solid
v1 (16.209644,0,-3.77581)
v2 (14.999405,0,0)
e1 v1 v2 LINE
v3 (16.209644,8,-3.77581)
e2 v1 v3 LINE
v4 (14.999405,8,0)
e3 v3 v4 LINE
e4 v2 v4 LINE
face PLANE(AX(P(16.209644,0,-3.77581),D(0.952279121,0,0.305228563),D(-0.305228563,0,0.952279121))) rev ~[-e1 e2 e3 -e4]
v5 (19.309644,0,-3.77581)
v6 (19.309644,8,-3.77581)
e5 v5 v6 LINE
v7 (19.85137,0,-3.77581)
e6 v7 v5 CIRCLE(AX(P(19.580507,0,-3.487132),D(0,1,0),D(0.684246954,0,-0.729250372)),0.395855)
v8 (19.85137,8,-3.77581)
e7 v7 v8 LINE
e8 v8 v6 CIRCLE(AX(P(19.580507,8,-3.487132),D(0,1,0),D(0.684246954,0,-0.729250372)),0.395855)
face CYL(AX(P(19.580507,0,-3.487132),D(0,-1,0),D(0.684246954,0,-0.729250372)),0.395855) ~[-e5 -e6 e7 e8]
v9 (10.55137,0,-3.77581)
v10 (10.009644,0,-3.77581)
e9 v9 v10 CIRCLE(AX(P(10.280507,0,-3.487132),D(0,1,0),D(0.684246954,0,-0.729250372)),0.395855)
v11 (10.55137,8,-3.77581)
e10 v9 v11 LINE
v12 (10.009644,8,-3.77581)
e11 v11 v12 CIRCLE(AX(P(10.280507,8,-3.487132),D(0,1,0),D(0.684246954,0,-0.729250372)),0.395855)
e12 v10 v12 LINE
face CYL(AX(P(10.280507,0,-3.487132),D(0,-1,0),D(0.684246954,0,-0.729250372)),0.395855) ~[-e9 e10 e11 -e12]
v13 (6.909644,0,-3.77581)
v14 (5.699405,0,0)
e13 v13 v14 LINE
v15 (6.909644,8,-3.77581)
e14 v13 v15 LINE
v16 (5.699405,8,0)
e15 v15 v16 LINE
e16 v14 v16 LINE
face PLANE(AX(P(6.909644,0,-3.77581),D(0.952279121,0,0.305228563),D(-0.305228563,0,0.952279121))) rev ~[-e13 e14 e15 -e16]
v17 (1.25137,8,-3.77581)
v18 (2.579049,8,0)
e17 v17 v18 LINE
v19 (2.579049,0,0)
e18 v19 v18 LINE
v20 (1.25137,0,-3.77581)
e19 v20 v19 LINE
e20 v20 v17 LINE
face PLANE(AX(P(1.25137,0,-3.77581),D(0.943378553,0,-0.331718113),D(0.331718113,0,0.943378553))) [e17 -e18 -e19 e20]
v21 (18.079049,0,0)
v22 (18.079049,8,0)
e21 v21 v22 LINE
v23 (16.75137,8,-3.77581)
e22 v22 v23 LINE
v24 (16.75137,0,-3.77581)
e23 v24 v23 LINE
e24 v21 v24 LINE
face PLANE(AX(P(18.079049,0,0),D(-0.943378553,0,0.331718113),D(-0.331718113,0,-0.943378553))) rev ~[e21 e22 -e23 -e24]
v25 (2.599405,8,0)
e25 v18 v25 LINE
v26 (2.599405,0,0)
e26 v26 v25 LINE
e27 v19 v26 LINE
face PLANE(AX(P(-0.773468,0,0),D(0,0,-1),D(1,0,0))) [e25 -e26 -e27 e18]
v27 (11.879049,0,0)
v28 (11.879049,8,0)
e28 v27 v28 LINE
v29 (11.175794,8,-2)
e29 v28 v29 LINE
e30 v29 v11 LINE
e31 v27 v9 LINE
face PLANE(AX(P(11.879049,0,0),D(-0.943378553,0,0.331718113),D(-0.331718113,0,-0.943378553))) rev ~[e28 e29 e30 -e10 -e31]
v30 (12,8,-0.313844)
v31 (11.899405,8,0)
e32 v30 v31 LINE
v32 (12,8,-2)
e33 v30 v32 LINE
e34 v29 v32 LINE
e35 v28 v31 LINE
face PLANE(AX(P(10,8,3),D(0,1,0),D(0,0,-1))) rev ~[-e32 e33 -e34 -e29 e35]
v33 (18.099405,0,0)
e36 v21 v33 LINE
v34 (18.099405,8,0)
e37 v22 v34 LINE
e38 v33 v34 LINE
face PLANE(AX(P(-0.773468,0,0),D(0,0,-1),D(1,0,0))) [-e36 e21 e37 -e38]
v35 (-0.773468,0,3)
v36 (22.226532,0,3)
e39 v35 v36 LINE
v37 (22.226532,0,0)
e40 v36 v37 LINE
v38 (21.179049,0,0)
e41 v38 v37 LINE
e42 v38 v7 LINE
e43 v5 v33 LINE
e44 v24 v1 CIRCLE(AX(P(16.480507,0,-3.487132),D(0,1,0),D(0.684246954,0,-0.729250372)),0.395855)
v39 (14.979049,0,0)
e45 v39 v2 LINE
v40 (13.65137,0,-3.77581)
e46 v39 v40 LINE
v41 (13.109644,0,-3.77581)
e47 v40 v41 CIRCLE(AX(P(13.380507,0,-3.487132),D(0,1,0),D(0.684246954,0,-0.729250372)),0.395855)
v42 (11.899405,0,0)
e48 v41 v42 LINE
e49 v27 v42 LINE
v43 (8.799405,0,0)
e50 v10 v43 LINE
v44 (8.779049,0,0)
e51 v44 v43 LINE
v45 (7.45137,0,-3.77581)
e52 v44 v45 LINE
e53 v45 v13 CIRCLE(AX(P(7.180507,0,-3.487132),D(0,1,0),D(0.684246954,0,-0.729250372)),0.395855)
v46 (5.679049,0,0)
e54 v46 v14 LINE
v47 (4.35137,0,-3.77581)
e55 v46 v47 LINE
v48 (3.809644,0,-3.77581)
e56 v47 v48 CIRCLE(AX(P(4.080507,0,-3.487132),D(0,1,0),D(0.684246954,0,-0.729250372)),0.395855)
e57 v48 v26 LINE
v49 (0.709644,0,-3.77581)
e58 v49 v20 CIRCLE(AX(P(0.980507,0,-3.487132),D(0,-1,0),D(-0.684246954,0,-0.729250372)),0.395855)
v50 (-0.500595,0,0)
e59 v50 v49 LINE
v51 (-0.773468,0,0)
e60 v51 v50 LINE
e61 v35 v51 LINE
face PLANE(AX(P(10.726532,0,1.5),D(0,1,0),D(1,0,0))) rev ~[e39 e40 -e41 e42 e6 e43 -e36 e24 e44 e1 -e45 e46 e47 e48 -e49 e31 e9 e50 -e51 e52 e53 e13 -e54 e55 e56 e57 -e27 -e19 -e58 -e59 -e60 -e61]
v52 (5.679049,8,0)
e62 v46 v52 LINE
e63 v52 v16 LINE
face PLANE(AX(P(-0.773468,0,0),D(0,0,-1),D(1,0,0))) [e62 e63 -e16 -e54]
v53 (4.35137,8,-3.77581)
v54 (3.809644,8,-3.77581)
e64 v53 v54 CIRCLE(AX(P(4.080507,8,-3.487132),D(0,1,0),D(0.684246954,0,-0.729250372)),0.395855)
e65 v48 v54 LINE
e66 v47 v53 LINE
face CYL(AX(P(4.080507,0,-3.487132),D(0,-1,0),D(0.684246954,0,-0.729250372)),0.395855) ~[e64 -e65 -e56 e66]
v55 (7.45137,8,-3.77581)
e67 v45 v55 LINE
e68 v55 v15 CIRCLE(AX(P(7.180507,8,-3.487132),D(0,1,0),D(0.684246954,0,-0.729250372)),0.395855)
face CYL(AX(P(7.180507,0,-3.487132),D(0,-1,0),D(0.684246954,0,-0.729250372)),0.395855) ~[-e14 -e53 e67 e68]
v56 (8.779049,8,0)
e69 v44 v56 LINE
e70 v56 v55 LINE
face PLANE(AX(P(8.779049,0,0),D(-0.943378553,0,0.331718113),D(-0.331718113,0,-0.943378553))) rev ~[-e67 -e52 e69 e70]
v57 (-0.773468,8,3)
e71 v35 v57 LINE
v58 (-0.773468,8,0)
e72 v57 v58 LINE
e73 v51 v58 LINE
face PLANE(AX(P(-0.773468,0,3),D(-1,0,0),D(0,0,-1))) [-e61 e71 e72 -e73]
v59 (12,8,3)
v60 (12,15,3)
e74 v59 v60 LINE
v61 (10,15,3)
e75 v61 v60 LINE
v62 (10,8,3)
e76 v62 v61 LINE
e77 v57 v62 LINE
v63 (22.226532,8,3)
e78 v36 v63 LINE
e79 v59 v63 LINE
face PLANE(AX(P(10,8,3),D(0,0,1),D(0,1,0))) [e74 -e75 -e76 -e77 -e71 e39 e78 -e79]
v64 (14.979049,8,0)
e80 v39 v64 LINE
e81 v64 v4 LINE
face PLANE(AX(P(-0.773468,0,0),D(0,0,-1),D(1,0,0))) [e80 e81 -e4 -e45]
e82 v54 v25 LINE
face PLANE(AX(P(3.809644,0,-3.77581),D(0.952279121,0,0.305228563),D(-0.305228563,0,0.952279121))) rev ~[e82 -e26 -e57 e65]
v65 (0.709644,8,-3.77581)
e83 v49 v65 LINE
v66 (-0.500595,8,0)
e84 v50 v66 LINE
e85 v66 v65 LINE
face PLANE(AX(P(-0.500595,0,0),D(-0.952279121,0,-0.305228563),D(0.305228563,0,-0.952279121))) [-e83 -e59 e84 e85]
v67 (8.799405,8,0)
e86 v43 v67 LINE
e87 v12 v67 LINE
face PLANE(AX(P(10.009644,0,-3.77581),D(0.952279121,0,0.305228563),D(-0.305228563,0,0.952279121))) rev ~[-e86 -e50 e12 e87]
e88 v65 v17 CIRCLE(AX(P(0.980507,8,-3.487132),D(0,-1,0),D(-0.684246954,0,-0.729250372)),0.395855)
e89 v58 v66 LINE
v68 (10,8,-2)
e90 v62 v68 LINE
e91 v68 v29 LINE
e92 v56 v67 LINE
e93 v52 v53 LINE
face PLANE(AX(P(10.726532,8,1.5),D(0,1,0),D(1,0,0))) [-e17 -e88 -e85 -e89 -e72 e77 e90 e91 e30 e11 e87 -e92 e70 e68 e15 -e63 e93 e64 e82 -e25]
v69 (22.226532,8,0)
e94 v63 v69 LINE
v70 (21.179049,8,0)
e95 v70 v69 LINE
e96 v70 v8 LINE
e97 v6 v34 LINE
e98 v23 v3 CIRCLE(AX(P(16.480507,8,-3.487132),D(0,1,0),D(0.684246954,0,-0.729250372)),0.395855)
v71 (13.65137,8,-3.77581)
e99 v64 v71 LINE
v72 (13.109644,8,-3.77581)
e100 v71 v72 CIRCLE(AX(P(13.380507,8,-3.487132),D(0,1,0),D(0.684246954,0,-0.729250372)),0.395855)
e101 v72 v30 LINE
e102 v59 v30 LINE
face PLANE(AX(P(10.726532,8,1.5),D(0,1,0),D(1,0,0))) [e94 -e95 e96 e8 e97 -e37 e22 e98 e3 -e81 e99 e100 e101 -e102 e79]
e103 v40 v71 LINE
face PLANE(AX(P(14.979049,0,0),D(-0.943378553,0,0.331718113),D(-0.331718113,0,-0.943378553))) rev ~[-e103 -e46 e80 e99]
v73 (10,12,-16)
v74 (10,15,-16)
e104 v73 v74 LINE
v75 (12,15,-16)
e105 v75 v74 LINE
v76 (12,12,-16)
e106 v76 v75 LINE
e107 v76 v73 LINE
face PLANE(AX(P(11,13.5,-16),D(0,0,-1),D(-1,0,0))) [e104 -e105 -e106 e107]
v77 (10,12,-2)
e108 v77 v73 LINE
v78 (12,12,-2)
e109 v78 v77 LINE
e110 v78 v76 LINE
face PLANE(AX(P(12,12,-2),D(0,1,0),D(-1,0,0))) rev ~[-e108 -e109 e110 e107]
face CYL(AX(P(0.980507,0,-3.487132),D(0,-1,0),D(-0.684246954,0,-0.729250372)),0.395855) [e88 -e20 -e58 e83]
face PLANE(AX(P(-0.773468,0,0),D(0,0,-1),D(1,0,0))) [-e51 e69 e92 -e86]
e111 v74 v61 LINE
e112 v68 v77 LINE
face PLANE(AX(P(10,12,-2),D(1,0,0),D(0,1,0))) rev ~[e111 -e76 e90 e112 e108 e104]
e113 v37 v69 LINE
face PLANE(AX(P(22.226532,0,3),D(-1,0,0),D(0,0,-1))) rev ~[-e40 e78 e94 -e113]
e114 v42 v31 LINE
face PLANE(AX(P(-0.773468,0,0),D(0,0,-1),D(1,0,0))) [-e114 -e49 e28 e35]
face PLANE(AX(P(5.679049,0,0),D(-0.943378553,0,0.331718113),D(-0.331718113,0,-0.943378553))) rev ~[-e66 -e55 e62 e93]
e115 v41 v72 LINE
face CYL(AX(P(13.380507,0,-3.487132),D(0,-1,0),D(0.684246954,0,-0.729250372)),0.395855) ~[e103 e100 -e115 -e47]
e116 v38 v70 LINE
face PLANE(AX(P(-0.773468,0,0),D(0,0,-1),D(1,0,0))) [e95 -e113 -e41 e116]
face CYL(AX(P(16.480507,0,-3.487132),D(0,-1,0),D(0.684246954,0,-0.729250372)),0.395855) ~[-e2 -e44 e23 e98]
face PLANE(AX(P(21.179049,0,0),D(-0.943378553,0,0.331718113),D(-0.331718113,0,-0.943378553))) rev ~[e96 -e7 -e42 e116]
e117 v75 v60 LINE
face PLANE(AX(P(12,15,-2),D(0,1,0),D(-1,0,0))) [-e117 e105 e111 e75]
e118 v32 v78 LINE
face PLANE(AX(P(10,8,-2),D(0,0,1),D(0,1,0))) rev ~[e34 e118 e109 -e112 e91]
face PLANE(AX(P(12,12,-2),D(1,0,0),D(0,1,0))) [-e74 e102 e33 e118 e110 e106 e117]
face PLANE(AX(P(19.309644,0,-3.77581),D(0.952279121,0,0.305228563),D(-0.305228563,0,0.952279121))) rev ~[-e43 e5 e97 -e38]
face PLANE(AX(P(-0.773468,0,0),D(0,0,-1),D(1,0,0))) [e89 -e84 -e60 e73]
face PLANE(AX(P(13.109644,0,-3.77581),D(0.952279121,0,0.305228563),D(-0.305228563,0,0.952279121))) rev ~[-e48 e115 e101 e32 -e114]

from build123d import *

# Parameters (mm, degrees)
BOSS_EXTRUDE1_DEPTH   = 8
BOSS_EXTRUDE1_2_DEPTH = 8
BOSS_EXTRUDE1_3_DEPTH = 8
BOSS_EXTRUDE1_4_DEPTH = 8
BOSS_EXTRUDE1_5_DEPTH = 8
BOSS_EXTRUDE1_6_DEPTH = 8
BOSS_EXTRUDE1_7_DEPTH = 8
BASE_W                = 23
BASE_H                = 3
BOSS_EXTRUDE2_DEPTH   = 8
SKETCH1_W             = 5
SKETCH1_H             = 7
BOSS_EXTRUDE3_DEPTH   = 2
SKETCH2_W             = 2
SKETCH2_H             = 3
BOSS_EXTRUDE4_DEPTH   = 14


with BuildPart() as part:
    # Gears-1 → Boss-Extrude1 (new body)
    with BuildSketch(Plane(origin=(0, 0, 0), x_dir=(1, 0, 0), z_dir=(0, 1, 0))):
        with BuildLine():
            Line((-0.500594601, 0), (0.709644096, 3.775809937))
            ThreePointArc((0.709644096, 3.775809937), (0.980506814, 3.882987586), (1.251369531, 3.775809937))
            Line((1.251369531, 3.775809937), (2.579049224, 0))
            Line((2.579049224, 0), (-0.500594601, 0))
        make_face()
    extrude(amount=BOSS_EXTRUDE1_DEPTH)



with BuildPart() as body_2:
    # Gears-1 → Boss-Extrude1 2 (new body)
    with BuildSketch(Plane(origin=(0, 0, 0), x_dir=(1, 0, 0), z_dir=(0, 1, 0))):
        with BuildLine():
            Line((2.599405399, 0), (5.679049224, 0))
            Line((5.679049224, 0), (4.351369531, 3.775809937))
            ThreePointArc((4.351369531, 3.775809937), (4.080506814, 3.882987586), (3.809644096, 3.775809937))
            Line((3.809644096, 3.775809937), (2.599405399, 0))
        make_face()
    extrude(amount=BOSS_EXTRUDE1_2_DEPTH)


with BuildPart() as body_3:
    # Gears-1 → Boss-Extrude1 3 (new body)
    with BuildSketch(Plane(origin=(0, 0, 0), x_dir=(1, 0, 0), z_dir=(0, 1, 0))):
        with BuildLine():
            Line((5.699405399, 0), (8.779049224, 0))
            Line((8.779049224, 0), (7.451369531, 3.775809937))
            ThreePointArc((7.451369531, 3.775809937), (7.180506814, 3.882987586), (6.909644096, 3.775809937))
            Line((6.909644096, 3.775809937), (5.699405399, 0))
        make_face()
    extrude(amount=BOSS_EXTRUDE1_3_DEPTH)


with BuildPart() as body_4:
    # Gears-1 → Boss-Extrude1 4 (new body)
    with BuildSketch(Plane(origin=(0, 0, 0), x_dir=(1, 0, 0), z_dir=(0, 1, 0))):
        with BuildLine():
            Line((8.799405399, 0), (11.879049224, 0))
            Line((11.879049224, 0), (10.551369531, 3.775809937))
            ThreePointArc((10.551369531, 3.775809937), (10.280506814, 3.882987586), (10.009644096, 3.775809937))
            Line((10.009644096, 3.775809937), (8.799405399, 0))
        make_face()
    extrude(amount=BOSS_EXTRUDE1_4_DEPTH)


with BuildPart() as body_5:
    # Gears-1 → Boss-Extrude1 5 (new body)
    with BuildSketch(Plane(origin=(0, 0, 0), x_dir=(1, 0, 0), z_dir=(0, 1, 0))):
        with BuildLine():
            Line((11.899405399, 0), (14.979049224, 0))
            Line((14.979049224, 0), (13.651369531, 3.775809937))
            ThreePointArc((13.651369531, 3.775809937), (13.380506814, 3.882987586), (13.109644096, 3.775809937))
            Line((13.109644096, 3.775809937), (11.899405399, 0))
        make_face()
    extrude(amount=BOSS_EXTRUDE1_5_DEPTH)


with BuildPart() as body_6:
    # Gears-1 → Boss-Extrude1 6 (new body)
    with BuildSketch(Plane(origin=(0, 0, 0), x_dir=(1, 0, 0), z_dir=(0, 1, 0))):
        with BuildLine():
            Line((14.999405399, 0), (18.079049224, 0))
            Line((18.079049224, 0), (16.751369531, 3.775809937))
            ThreePointArc((16.751369531, 3.775809937), (16.480506814, 3.882987586), (16.209644096, 3.775809937))
            Line((16.209644096, 3.775809937), (14.999405399, 0))
        make_face()
    extrude(amount=BOSS_EXTRUDE1_6_DEPTH)


with BuildPart() as body_7:
    # Gears-1 → Boss-Extrude1 7 (new body)
    with BuildSketch(Plane(origin=(0, 0, 0), x_dir=(1, 0, 0), z_dir=(0, 1, 0))):
        with BuildLine():
            Line((18.099405399, 0), (21.179049224, 0))
            Line((21.179049224, 0), (19.851369531, 3.775809937))
            ThreePointArc((19.851369531, 3.775809937), (19.580506814, 3.882987586), (19.309644096, 3.775809937))
            Line((19.309644096, 3.775809937), (18.099405399, 0))
        make_face()
    extrude(amount=BOSS_EXTRUDE1_7_DEPTH)


with BuildPart() as part_1:
    add(part.part)

    add(body_2.part)  # Boss-Extrude2 merges body 2

    add(body_3.part)  # Boss-Extrude2 merges body 3

    add(body_4.part)  # Boss-Extrude2 merges body 4

    add(body_5.part)  # Boss-Extrude2 merges body 5

    add(body_6.part)  # Boss-Extrude2 merges body 6

    add(body_7.part)  # Boss-Extrude2 merges body 7
    # Base → Boss-Extrude2 (add)
    with BuildSketch(Plane(origin=(0, 0, 0), x_dir=(1, 0, 0), z_dir=(0, 1, 0))):
        with Locations((10.726532056, -1.5)):
            Rectangle(BASE_W, BASE_H)
    extrude(amount=BOSS_EXTRUDE2_DEPTH)

    # Sketch1 → Boss-Extrude3 (add)
    with BuildSketch(Plane(origin=(10, 0, 0), x_dir=(0, 0, -1), z_dir=(1, 0, 0))):
        with Locations((-0.5, 11.5)):
            Rectangle(SKETCH1_W, SKETCH1_H)
    extrude(amount=BOSS_EXTRUDE3_DEPTH)

    # Sketch2 → Boss-Extrude4 (add)
    with BuildSketch(Plane(origin=(0, 0, -2), x_dir=(-1, 0, 0), z_dir=(0, 0, -1))):
        with Locations((-11, 13.5)):
            Rectangle(SKETCH2_W, SKETCH2_H)
    extrude(amount=BOSS_EXTRUDE4_DEPTH)


solid = part_1.part
